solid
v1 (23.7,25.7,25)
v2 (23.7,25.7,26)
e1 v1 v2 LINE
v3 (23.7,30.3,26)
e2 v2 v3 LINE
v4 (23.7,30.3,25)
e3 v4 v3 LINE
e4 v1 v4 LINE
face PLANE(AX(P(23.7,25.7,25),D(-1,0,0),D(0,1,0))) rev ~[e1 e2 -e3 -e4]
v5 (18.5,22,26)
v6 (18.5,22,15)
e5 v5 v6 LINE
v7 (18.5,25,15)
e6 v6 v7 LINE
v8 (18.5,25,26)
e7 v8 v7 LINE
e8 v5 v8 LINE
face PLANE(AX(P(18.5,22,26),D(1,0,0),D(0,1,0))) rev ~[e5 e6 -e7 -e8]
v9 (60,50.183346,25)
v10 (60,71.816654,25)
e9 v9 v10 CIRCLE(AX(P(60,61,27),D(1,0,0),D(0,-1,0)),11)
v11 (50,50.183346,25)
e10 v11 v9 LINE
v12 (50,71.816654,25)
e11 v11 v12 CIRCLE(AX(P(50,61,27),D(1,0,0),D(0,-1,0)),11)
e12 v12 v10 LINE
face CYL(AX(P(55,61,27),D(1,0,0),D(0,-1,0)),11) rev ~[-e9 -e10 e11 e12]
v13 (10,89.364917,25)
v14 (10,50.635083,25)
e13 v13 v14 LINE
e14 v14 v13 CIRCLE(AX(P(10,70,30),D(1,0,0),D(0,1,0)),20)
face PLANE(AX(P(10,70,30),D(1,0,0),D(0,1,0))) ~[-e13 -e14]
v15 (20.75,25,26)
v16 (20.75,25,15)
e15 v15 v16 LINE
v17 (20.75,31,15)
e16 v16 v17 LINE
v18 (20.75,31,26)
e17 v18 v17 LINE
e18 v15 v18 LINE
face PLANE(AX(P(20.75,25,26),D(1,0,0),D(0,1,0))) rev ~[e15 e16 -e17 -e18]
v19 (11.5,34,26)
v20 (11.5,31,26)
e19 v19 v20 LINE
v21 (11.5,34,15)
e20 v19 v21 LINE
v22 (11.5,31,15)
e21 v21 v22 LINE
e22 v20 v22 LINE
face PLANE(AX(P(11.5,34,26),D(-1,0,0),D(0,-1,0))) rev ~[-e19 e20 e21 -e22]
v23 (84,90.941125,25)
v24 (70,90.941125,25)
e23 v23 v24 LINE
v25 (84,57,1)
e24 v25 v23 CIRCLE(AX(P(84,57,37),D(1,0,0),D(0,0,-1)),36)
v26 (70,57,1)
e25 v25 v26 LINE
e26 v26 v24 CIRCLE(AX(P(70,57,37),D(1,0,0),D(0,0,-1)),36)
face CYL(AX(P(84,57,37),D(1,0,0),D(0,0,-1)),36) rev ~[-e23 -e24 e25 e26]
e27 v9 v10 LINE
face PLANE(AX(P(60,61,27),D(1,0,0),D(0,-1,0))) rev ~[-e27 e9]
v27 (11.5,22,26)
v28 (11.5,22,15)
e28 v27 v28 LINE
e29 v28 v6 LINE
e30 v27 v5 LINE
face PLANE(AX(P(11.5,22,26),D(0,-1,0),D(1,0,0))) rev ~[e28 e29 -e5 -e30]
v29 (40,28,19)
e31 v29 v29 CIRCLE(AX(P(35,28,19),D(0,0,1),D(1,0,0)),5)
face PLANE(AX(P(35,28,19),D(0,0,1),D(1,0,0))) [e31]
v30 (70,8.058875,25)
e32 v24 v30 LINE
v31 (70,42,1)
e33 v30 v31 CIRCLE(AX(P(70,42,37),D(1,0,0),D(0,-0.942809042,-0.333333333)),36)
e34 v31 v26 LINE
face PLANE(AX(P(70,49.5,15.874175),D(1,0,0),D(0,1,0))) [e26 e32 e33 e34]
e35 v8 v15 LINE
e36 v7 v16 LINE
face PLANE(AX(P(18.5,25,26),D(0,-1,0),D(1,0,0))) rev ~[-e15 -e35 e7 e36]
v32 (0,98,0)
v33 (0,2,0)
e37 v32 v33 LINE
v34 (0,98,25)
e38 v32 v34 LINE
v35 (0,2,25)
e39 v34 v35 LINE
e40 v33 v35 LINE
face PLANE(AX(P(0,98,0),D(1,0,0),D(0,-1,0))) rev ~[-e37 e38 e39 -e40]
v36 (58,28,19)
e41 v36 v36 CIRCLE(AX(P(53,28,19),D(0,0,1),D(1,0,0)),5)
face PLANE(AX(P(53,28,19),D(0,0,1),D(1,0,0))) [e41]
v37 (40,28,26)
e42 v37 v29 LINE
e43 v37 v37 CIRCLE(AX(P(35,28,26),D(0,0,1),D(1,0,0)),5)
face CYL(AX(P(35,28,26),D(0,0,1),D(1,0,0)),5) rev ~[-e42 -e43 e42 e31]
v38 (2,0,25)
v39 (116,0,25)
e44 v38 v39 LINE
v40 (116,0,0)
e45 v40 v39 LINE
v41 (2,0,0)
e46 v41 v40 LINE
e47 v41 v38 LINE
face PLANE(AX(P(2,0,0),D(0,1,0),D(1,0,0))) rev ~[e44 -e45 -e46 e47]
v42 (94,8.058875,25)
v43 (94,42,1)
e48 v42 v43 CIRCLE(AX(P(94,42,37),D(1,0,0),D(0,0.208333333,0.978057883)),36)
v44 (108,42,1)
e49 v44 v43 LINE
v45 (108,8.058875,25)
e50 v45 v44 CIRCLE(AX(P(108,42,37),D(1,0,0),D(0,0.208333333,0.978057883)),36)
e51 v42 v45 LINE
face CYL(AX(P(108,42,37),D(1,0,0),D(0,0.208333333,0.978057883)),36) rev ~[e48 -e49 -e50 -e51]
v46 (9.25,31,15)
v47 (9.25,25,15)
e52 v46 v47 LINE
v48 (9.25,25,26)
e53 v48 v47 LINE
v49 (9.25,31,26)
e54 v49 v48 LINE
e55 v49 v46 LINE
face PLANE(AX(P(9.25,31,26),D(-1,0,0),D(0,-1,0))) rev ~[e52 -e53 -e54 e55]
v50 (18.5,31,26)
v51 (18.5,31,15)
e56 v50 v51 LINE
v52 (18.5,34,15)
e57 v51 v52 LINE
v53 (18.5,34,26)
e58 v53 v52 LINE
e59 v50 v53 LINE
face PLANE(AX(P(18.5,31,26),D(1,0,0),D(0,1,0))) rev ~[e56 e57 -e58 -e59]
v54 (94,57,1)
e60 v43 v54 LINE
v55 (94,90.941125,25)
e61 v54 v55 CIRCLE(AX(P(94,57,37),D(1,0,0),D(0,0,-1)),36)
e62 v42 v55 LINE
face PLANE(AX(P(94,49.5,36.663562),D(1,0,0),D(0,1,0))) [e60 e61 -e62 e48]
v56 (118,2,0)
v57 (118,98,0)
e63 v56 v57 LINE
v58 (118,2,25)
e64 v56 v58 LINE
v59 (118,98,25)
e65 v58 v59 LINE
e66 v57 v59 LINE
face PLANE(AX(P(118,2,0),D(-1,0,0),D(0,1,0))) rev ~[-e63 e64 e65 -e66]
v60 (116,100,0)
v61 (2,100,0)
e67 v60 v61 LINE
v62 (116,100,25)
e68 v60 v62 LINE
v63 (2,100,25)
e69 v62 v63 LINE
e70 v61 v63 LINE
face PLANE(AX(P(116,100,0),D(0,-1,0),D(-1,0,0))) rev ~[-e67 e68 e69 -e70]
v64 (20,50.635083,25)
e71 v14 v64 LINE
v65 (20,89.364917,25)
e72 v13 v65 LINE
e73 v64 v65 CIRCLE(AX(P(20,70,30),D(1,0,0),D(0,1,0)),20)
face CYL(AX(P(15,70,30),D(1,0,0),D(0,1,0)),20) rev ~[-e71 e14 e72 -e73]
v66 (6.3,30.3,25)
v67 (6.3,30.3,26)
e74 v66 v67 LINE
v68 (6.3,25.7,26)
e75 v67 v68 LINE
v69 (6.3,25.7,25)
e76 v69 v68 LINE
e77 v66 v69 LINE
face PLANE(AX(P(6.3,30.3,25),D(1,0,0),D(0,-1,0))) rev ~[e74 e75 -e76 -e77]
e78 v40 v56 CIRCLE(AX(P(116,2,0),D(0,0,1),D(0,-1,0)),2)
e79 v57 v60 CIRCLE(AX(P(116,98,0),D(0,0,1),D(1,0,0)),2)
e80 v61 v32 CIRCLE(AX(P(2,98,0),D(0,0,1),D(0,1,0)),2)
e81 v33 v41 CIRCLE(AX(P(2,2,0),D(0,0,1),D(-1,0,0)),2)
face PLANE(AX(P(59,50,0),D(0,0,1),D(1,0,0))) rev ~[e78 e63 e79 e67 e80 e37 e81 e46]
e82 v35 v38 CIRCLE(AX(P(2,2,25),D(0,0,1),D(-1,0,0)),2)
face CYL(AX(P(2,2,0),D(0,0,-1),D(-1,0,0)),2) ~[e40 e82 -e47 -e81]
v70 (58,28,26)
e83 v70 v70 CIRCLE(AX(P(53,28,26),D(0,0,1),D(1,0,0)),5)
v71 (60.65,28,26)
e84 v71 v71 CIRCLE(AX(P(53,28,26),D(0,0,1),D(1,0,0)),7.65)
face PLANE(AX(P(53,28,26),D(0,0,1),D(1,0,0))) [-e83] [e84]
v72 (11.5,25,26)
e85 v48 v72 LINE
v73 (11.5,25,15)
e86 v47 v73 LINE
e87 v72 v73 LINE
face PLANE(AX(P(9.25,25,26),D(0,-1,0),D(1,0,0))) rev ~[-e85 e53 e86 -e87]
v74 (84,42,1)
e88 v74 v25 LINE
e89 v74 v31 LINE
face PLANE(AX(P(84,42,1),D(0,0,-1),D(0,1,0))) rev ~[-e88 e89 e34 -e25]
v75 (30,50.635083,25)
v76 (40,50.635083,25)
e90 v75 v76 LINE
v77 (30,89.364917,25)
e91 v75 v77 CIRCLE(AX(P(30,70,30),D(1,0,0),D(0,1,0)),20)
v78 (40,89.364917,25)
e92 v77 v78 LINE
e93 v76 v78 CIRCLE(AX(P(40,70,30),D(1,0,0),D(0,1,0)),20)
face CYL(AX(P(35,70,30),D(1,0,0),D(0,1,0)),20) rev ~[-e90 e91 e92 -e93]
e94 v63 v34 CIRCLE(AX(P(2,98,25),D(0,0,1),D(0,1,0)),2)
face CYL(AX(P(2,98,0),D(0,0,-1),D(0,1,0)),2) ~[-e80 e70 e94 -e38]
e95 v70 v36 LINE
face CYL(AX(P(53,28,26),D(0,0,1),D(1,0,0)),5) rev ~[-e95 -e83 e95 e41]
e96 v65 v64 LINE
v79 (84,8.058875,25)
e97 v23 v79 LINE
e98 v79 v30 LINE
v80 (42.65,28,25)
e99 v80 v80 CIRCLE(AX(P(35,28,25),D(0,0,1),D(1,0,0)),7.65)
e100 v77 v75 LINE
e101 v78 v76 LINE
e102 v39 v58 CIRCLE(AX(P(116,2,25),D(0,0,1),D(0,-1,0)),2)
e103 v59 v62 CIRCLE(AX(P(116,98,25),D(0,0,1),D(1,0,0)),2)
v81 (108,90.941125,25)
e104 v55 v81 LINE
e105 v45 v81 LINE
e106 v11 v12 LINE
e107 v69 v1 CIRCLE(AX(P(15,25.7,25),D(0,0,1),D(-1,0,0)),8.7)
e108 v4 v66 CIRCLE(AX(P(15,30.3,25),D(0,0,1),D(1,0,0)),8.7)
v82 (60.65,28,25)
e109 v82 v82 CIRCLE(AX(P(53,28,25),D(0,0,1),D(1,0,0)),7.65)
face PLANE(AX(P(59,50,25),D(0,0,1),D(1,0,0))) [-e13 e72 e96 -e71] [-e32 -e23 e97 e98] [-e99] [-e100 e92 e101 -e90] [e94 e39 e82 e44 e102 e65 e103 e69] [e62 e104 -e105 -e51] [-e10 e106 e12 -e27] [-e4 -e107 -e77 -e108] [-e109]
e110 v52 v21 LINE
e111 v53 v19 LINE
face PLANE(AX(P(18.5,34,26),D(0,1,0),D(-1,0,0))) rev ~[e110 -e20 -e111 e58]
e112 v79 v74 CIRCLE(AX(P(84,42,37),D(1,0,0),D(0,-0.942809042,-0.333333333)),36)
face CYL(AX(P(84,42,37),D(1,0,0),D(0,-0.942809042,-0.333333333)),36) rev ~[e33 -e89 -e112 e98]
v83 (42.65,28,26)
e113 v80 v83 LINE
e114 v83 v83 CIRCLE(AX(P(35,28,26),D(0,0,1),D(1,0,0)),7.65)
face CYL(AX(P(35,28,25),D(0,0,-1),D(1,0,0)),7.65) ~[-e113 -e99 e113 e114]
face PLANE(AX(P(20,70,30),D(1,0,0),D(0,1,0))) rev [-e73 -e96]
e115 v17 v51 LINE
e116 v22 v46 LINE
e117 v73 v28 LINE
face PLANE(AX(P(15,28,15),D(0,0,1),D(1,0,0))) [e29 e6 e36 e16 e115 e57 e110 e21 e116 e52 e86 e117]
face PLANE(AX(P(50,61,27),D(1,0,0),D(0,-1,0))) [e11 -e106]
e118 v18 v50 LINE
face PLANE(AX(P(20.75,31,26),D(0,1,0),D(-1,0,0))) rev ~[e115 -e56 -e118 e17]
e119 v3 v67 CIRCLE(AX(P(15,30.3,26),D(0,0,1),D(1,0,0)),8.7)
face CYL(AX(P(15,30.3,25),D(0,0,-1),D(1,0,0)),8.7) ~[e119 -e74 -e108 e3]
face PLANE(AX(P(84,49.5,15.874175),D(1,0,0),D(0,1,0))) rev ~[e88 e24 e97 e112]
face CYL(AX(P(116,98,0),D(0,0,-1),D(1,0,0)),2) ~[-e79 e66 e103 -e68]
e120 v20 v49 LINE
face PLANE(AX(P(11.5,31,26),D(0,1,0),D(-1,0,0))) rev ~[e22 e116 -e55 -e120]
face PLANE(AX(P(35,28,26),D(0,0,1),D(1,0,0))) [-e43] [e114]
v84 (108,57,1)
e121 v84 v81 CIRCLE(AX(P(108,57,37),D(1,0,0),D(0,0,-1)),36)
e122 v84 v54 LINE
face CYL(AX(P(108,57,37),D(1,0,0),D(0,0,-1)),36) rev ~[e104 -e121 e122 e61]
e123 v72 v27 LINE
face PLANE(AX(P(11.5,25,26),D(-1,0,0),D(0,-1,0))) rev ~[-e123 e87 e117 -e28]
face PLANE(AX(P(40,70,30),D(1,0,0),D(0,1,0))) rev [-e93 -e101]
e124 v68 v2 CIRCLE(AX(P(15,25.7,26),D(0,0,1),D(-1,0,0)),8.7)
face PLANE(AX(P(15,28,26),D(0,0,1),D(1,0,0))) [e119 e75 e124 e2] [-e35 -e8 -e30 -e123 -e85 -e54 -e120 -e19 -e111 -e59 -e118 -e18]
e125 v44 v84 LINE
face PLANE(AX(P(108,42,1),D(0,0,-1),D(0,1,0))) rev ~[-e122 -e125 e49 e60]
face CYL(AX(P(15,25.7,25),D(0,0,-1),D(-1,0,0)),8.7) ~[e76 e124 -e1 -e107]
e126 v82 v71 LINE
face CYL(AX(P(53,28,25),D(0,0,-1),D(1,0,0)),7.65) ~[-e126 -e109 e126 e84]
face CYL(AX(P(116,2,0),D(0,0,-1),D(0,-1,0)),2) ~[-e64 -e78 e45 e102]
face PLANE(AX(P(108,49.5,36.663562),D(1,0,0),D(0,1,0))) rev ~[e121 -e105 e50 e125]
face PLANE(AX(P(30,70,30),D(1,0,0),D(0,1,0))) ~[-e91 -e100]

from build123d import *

# Parameters (mm, degrees)
F1_DEPTH  = 25
F2_R      = 7.65
F3_DEPTH  = 1
F5_DEPTH  = 11
F7_W      = 10
F7_H      = 20
F10_W     = 10
F10_H     = 11
F13_START = -10
F13_DEPTH = 14
F14_START = -34
F14_DEPTH = 14
F15_R     = 5
F16_DEPTH = 7


with BuildPart() as f1:
    # F0 (on Top) → F1 (new body)
    with BuildSketch(Plane.XY):
        with BuildLine():
            ThreePointArc((0, 2), (0.5857864376, 0.5857864376), (2, 0))
            Line((2, 0), (116, 0))
            ThreePointArc((116, 0), (117.4142135624, 0.5857864376), (118, 2))
            Line((118, 2), (118, 98))
            ThreePointArc((118, 98), (117.4142135624, 99.4142135624), (116, 100))
            Line((116, 100), (2, 100))
            ThreePointArc((2, 100), (0.5857864376, 99.4142135624), (0, 98))
            Line((0, 98), (0, 2))
        make_face()
    extrude(amount=F1_DEPTH)

    # F2 (on face) → F3 (join)
    with BuildSketch(Plane.XY.offset(25)):
        with Locations((35, 28)):
            Circle(F2_R)
        with BuildLine():
            Line((23.7, 25.7), (23.7, 30.3))
            ThreePointArc((23.7, 30.3), (15, 39), (6.3, 30.3))
            Line((6.3, 30.3), (6.3, 25.7))
            ThreePointArc((6.3, 25.7), (15, 17), (23.7, 25.7))
        make_face()
        with Locations((53, 28)):
            Circle(F2_R)
    extrude(amount=F3_DEPTH)

    # F4 (on face) → F5 (cut)
    with BuildSketch(Plane.XY.offset(26)):
        Polygon((20.75, 25), (20.75, 31), (18.5, 31), (18.5, 34), (11.5, 34), (11.5, 31), (9.25, 31), (9.25, 25), (11.5, 25), (11.5, 22), (18.5, 22), (18.5, 25), align=None)
    extrude(amount=-F5_DEPTH, mode=Mode.SUBTRACT)

    # F7 (on offset) → F8 (revolve, cut)
    with BuildSketch(Plane.XY.offset(30)):
        with Locations((15, 80)):
            Rectangle(F7_W, F7_H)
        with Locations((35, 80)):
            Rectangle(F7_W, F7_H)
    revolve(axis=Axis((25, 70, 30), (1, 0, 0)), mode=Mode.SUBTRACT)

    # F10 (on offset) → F11 (revolve, cut)
    with BuildSketch(Plane.XY.offset(27)):
        with Locations((55, 55.5)):
            Rectangle(F10_W, F10_H)
    revolve(axis=Axis((55, 61, 27), (1, 0, 0)), mode=Mode.SUBTRACT)

    # F12 (on face) → F13 (cut)
    with BuildSketch(Plane.YZ.offset(118).offset(F13_START)):
        with BuildLine():
            Line((42, 1), (57, 1))
            ThreePointArc((57, 1), (92.8019763155, 40.7707415594), (49.5, 72.2100837829))
            ThreePointArc((49.5, 72.2100837829), (6.1980236845, 40.7707415594), (42, 1))
        make_face()
    extrude(amount=-F13_DEPTH, mode=Mode.SUBTRACT)

    # F12 (on face) → F14 (cut)
    with BuildSketch(Plane.YZ.offset(118).offset(F14_START)):
        with BuildLine():
            Line((42, 1), (57, 1))
            ThreePointArc((57, 1), (77.7846096908, 7.6061230866), (90.941125497, 25))
            Line((90.941125497, 25), (8.058874503, 25))
            ThreePointArc((8.058874503, 25), (21.2153903092, 7.6061230866), (42, 1))
        make_face()
    extrude(amount=-F14_DEPTH, mode=Mode.SUBTRACT)

    # F15 (on face) → F16 (cut)
    with BuildSketch(Plane.XY.offset(26)):
        with Locations((35, 28)):
            Circle(F15_R)
        with Locations((53, 28)):
            Circle(F15_R)
    extrude(amount=-F16_DEPTH, mode=Mode.SUBTRACT)


solid = f1.part
